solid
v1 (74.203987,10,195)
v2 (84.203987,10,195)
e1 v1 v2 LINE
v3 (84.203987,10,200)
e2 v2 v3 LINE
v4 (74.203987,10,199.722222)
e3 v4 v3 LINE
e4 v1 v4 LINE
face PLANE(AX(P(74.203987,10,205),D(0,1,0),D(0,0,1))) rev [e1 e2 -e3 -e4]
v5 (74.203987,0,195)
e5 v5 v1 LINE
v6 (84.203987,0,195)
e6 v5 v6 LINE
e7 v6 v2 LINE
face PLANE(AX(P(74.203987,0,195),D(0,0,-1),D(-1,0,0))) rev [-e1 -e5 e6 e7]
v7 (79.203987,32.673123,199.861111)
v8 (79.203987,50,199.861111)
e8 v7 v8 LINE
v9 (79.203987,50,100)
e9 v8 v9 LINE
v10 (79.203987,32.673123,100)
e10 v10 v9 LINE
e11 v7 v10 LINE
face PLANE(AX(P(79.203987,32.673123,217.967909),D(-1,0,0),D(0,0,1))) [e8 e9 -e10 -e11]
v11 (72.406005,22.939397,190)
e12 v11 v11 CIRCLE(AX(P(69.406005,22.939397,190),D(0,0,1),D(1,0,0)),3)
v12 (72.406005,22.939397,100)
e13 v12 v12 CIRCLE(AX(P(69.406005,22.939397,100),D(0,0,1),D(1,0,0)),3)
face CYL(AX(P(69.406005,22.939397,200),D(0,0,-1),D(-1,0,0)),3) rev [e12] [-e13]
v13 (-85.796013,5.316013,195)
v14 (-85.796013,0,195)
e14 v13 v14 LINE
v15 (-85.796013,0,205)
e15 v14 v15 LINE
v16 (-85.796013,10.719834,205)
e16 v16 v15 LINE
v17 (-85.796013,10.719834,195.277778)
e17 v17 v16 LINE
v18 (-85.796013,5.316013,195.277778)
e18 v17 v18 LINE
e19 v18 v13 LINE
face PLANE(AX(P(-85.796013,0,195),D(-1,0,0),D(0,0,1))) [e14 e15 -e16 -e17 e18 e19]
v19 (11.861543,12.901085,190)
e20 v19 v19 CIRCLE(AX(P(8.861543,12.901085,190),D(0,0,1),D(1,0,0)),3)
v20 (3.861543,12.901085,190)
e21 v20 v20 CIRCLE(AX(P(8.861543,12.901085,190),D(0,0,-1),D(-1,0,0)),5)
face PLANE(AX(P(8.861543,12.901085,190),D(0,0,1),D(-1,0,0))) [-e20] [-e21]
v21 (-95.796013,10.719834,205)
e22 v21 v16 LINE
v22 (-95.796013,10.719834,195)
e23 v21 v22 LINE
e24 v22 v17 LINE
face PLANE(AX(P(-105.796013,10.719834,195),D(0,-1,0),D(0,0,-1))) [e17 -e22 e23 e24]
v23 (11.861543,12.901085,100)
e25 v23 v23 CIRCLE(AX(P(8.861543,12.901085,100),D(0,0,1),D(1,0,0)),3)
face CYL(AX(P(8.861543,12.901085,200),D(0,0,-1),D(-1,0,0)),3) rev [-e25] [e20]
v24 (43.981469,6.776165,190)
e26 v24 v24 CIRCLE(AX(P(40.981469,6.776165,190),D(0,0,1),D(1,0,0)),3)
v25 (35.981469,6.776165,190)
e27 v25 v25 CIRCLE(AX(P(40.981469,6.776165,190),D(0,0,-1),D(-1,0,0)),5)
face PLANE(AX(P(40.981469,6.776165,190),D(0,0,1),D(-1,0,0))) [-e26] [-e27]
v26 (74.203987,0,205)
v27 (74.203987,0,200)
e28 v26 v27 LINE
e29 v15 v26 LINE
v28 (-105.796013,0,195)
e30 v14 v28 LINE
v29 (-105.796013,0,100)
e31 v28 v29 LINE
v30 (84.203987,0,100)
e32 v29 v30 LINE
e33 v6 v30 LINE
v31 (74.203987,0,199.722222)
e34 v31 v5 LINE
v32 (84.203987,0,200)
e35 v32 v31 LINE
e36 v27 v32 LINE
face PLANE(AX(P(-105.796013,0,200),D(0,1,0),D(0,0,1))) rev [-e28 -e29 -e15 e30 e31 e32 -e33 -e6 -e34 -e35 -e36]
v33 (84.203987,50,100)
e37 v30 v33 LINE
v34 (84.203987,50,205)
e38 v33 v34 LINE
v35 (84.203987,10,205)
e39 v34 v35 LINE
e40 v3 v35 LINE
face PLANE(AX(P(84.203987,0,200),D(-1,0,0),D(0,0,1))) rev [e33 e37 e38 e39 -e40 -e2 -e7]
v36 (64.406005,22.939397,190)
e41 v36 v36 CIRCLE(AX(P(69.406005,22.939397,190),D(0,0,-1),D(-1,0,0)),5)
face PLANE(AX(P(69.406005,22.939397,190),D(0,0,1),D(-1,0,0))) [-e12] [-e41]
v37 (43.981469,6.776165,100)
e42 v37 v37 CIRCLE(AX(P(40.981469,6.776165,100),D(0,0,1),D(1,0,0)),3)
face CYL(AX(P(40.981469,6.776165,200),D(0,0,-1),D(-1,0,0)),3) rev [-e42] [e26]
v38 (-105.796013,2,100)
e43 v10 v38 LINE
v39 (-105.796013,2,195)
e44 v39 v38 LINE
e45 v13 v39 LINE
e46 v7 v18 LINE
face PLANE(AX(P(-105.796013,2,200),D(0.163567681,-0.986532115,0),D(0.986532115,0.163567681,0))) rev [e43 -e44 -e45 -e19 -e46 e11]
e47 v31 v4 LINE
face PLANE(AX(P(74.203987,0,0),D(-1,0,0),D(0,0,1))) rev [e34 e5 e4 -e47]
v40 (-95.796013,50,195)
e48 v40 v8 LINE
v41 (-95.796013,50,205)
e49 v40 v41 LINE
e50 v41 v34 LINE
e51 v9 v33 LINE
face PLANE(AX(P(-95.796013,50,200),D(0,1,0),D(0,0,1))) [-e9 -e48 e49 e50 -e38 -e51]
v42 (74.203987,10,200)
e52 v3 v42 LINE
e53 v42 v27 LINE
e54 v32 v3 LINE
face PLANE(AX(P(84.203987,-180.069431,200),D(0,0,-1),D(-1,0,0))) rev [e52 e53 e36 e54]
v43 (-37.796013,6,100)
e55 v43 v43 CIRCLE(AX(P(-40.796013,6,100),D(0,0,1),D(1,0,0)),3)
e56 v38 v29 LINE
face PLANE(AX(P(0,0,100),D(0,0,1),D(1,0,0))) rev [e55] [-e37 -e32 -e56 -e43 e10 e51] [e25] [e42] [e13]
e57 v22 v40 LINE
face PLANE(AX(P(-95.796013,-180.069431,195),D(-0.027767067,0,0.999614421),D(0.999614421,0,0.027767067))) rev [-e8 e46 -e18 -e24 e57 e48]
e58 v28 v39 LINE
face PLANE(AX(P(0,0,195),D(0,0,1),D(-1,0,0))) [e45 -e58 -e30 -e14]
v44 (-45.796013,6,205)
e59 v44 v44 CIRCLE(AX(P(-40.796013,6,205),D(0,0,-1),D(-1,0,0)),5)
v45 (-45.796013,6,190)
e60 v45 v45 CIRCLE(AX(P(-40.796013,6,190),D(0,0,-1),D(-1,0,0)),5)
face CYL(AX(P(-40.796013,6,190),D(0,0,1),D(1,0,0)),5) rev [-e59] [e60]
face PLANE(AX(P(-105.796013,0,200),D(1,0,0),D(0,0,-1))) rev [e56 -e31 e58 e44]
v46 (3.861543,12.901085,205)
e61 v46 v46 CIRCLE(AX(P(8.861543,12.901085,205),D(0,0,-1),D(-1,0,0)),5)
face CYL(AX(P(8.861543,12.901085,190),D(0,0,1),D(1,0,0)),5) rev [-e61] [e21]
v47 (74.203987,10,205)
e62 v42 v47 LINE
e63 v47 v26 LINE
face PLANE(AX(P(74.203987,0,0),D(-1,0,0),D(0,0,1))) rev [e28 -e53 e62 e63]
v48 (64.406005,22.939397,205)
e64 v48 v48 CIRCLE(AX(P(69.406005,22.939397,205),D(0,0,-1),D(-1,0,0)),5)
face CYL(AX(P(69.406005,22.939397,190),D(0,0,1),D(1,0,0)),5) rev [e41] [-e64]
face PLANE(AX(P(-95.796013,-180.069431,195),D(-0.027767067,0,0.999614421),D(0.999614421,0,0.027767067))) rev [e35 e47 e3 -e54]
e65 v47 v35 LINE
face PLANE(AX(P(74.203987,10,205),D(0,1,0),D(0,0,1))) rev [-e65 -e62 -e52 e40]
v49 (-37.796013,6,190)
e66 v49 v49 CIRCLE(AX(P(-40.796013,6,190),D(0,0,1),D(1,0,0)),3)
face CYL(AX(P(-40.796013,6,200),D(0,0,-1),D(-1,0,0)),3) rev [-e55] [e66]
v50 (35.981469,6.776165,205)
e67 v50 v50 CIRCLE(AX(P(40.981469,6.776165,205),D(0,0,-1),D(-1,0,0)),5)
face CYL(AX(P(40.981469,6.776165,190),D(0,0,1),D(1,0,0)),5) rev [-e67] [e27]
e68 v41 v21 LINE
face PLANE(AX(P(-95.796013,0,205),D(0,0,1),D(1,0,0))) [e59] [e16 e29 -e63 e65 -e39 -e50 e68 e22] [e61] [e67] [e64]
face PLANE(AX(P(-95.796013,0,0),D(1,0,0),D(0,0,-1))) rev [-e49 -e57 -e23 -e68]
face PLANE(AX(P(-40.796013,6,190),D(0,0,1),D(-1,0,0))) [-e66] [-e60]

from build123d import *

# Parameters (mm, degrees)
ESQUISSE1_R             = 3
BOSS_EXTRU_1_DEPTH      = 200
ESQUISSE4_W             = 5
ESQUISSE4_H             = 50
BOSS_EXTRU_4_DEPTH      = 180
BOSS_EXTRU_7_DEPTH      = 50
ESQUISSE6_W             = 20
ESQUISSE6_H             = 10.719834163
ENL_V_MAT_EXTRU_2_DEPTH = 10
ESQUISSE5_W             = 10
ESQUISSE5_H             = 10
ENL_V_MAT_EXTRU_1_DEPTH = 10
ESQUISSE14_R            = 5
ENL_V_MAT_EXTRU_4_DEPTH = 15
BOSS_EXTRU_8_REACH      = 242.401
ESQUISSE16_W            = 210.874992539
ESQUISSE16_H            = 82.741703247
ENL_V_MAT_EXTRU_5_DEPTH = 130


with BuildPart() as part:
    # Esquisse1 → Boss.-Extru.1 (new body)
    with BuildSketch(Plane.XY):
        Polygon((-105.796013405, 0), (84.203986595, 0), (84.203986595, 33.502126335), (-105.796013405, 2), align=None)
        with Locations((69.406004871, 22.939397164)):
            Circle(ESQUISSE1_R, mode=Mode.SUBTRACT)
        with Locations((40.981469067, 6.77616521)):
            Circle(ESQUISSE1_R, mode=Mode.SUBTRACT)
        with Locations((-40.796013405, 6)):
            Circle(ESQUISSE1_R, mode=Mode.SUBTRACT)
        with Locations((8.861542866, 12.901085106)):
            Circle(ESQUISSE1_R, mode=Mode.SUBTRACT)
    extrude(amount=BOSS_EXTRU_1_DEPTH)

    # Esquisse4 → Boss.-Extru.4 (add)
    with BuildSketch(Plane(origin=(84.203986595, 0, 0), x_dir=(0, 0, -1), z_dir=(1, 0, 0))):
        with Locations((-202.5, 25)):
            Rectangle(ESQUISSE4_W, ESQUISSE4_H)
        with Locations((2.5, 25)):
            Rectangle(ESQUISSE4_W, ESQUISSE4_H)
    extrude(amount=-BOSS_EXTRU_4_DEPTH)

    # Esquisse8 → Boss.-Extru.7 (add)
    with BuildSketch(Plane(origin=(0, 50, 0), x_dir=(1, 0, 0), z_dir=(0, 1, 0))):
        Polygon((84.203986595, 0), (-95.796013405, 0), (-95.796013405, -5), align=None)
    boss_extru_7 = extrude(amount=-BOSS_EXTRU_7_DEPTH)

    # Esquisse6 → Enlèv. mat.-Extru.2 (cut)
    with BuildSketch(Plane(origin=(0, 0, -5), x_dir=(-1, 0, 0), z_dir=(0, 0, -1))):
        with Locations((95.796013405, 5.359917081)):
            Rectangle(ESQUISSE6_W, ESQUISSE6_H)
    enl_v_mat_extru_2 = extrude(amount=-ENL_V_MAT_EXTRU_2_DEPTH, mode=Mode.SUBTRACT)

    # Esquisse5 → Enlèv. mat.-Extru.1 (cut)
    with BuildSketch(Plane(origin=(84.203986595, 0, 0), x_dir=(0, 0, -1), z_dir=(1, 0, 0))):
        with Locations((-200, 5)):
            Rectangle(ESQUISSE5_W, ESQUISSE5_H)
        with Locations((0, 5)):
            Rectangle(ESQUISSE5_W, ESQUISSE5_H)
    extrude(amount=-ENL_V_MAT_EXTRU_1_DEPTH, mode=Mode.SUBTRACT)

    # Esquisse14 → Enlèv. mat.-Extru.4 (cut)
    with BuildSketch(Plane(origin=(0, 0, -5), x_dir=(-1, 0, 0), z_dir=(0, 0, -1))):
        with Locations((-69.406004871, 22.939397164)):
            Circle(ESQUISSE14_R)
        with Locations((-40.981469067, 6.77616521)):
            Circle(ESQUISSE14_R)
        with Locations((-8.861542866, 12.901085106)):
            Circle(ESQUISSE14_R)
        with Locations((40.796013405, 6)):
            Circle(ESQUISSE14_R)
    enl_v_mat_extru_4 = extrude(amount=-ENL_V_MAT_EXTRU_4_DEPTH, mode=Mode.SUBTRACT)

    # Symétrie3: Boss.-Extru.7, Enlèv. mat.-Extru.2, Enlèv. mat.-Extru.4 across plane
    add(boss_extru_7.mirror(Plane(origin=(0, 0, 100), x_dir=(1, 0, 0), z_dir=(0, 0, -1))))
    add(enl_v_mat_extru_2.mirror(Plane(origin=(0, 0, 100), x_dir=(1, 0, 0), z_dir=(0, 0, -1))), mode=Mode.SUBTRACT)
    add(enl_v_mat_extru_4.mirror(Plane(origin=(0, 0, 100), x_dir=(1, 0, 0), z_dir=(0, 0, -1))), mode=Mode.SUBTRACT)

    # Boss.-Extru.8: up to this plane
    boss_extru_8_end = Plane(origin=(-95.796013405, -180.069431054, 195), z_dir=(-0.0277670672403533, 0, 0.9996144206527183))
    # Esquisse15 → Boss.-Extru.8 (add, up to the surface)
    with BuildSketch(Plane(origin=(0, 0, -5), x_dir=(-1, 0, 0), z_dir=(0, 0, -1)), mode=Mode.PRIVATE) as boss_extru_8_sk1:
        Polygon((-84.203986595, 33.502126335), (-79.203986595, 32.67312301), (-79.203986595, 50), (-84.203986595, 50), align=None)
    boss_extru_8_tool1 = split(extrude(boss_extru_8_sk1.sketch, amount=-BOSS_EXTRU_8_REACH, mode=Mode.PRIVATE), bisect_by=boss_extru_8_end, keep=Keep.BOTH, mode=Mode.PRIVATE)
    add(boss_extru_8_tool1.solids().sort_by_distance((81.683563, 41.542119, -5))[0])

    # Esquisse16 → Enlèv. mat.-Extru.5 (cut)
    with BuildSketch(Plane(origin=(0, 0, 100), x_dir=(-1, 0, 0), z_dir=(0, 0, -1))):
        with Locations((5.796013405, 25.200829376)):
            Rectangle(ESQUISSE16_W, ESQUISSE16_H)
    extrude(amount=ENL_V_MAT_EXTRU_5_DEPTH, mode=Mode.SUBTRACT)


solid = part.part
